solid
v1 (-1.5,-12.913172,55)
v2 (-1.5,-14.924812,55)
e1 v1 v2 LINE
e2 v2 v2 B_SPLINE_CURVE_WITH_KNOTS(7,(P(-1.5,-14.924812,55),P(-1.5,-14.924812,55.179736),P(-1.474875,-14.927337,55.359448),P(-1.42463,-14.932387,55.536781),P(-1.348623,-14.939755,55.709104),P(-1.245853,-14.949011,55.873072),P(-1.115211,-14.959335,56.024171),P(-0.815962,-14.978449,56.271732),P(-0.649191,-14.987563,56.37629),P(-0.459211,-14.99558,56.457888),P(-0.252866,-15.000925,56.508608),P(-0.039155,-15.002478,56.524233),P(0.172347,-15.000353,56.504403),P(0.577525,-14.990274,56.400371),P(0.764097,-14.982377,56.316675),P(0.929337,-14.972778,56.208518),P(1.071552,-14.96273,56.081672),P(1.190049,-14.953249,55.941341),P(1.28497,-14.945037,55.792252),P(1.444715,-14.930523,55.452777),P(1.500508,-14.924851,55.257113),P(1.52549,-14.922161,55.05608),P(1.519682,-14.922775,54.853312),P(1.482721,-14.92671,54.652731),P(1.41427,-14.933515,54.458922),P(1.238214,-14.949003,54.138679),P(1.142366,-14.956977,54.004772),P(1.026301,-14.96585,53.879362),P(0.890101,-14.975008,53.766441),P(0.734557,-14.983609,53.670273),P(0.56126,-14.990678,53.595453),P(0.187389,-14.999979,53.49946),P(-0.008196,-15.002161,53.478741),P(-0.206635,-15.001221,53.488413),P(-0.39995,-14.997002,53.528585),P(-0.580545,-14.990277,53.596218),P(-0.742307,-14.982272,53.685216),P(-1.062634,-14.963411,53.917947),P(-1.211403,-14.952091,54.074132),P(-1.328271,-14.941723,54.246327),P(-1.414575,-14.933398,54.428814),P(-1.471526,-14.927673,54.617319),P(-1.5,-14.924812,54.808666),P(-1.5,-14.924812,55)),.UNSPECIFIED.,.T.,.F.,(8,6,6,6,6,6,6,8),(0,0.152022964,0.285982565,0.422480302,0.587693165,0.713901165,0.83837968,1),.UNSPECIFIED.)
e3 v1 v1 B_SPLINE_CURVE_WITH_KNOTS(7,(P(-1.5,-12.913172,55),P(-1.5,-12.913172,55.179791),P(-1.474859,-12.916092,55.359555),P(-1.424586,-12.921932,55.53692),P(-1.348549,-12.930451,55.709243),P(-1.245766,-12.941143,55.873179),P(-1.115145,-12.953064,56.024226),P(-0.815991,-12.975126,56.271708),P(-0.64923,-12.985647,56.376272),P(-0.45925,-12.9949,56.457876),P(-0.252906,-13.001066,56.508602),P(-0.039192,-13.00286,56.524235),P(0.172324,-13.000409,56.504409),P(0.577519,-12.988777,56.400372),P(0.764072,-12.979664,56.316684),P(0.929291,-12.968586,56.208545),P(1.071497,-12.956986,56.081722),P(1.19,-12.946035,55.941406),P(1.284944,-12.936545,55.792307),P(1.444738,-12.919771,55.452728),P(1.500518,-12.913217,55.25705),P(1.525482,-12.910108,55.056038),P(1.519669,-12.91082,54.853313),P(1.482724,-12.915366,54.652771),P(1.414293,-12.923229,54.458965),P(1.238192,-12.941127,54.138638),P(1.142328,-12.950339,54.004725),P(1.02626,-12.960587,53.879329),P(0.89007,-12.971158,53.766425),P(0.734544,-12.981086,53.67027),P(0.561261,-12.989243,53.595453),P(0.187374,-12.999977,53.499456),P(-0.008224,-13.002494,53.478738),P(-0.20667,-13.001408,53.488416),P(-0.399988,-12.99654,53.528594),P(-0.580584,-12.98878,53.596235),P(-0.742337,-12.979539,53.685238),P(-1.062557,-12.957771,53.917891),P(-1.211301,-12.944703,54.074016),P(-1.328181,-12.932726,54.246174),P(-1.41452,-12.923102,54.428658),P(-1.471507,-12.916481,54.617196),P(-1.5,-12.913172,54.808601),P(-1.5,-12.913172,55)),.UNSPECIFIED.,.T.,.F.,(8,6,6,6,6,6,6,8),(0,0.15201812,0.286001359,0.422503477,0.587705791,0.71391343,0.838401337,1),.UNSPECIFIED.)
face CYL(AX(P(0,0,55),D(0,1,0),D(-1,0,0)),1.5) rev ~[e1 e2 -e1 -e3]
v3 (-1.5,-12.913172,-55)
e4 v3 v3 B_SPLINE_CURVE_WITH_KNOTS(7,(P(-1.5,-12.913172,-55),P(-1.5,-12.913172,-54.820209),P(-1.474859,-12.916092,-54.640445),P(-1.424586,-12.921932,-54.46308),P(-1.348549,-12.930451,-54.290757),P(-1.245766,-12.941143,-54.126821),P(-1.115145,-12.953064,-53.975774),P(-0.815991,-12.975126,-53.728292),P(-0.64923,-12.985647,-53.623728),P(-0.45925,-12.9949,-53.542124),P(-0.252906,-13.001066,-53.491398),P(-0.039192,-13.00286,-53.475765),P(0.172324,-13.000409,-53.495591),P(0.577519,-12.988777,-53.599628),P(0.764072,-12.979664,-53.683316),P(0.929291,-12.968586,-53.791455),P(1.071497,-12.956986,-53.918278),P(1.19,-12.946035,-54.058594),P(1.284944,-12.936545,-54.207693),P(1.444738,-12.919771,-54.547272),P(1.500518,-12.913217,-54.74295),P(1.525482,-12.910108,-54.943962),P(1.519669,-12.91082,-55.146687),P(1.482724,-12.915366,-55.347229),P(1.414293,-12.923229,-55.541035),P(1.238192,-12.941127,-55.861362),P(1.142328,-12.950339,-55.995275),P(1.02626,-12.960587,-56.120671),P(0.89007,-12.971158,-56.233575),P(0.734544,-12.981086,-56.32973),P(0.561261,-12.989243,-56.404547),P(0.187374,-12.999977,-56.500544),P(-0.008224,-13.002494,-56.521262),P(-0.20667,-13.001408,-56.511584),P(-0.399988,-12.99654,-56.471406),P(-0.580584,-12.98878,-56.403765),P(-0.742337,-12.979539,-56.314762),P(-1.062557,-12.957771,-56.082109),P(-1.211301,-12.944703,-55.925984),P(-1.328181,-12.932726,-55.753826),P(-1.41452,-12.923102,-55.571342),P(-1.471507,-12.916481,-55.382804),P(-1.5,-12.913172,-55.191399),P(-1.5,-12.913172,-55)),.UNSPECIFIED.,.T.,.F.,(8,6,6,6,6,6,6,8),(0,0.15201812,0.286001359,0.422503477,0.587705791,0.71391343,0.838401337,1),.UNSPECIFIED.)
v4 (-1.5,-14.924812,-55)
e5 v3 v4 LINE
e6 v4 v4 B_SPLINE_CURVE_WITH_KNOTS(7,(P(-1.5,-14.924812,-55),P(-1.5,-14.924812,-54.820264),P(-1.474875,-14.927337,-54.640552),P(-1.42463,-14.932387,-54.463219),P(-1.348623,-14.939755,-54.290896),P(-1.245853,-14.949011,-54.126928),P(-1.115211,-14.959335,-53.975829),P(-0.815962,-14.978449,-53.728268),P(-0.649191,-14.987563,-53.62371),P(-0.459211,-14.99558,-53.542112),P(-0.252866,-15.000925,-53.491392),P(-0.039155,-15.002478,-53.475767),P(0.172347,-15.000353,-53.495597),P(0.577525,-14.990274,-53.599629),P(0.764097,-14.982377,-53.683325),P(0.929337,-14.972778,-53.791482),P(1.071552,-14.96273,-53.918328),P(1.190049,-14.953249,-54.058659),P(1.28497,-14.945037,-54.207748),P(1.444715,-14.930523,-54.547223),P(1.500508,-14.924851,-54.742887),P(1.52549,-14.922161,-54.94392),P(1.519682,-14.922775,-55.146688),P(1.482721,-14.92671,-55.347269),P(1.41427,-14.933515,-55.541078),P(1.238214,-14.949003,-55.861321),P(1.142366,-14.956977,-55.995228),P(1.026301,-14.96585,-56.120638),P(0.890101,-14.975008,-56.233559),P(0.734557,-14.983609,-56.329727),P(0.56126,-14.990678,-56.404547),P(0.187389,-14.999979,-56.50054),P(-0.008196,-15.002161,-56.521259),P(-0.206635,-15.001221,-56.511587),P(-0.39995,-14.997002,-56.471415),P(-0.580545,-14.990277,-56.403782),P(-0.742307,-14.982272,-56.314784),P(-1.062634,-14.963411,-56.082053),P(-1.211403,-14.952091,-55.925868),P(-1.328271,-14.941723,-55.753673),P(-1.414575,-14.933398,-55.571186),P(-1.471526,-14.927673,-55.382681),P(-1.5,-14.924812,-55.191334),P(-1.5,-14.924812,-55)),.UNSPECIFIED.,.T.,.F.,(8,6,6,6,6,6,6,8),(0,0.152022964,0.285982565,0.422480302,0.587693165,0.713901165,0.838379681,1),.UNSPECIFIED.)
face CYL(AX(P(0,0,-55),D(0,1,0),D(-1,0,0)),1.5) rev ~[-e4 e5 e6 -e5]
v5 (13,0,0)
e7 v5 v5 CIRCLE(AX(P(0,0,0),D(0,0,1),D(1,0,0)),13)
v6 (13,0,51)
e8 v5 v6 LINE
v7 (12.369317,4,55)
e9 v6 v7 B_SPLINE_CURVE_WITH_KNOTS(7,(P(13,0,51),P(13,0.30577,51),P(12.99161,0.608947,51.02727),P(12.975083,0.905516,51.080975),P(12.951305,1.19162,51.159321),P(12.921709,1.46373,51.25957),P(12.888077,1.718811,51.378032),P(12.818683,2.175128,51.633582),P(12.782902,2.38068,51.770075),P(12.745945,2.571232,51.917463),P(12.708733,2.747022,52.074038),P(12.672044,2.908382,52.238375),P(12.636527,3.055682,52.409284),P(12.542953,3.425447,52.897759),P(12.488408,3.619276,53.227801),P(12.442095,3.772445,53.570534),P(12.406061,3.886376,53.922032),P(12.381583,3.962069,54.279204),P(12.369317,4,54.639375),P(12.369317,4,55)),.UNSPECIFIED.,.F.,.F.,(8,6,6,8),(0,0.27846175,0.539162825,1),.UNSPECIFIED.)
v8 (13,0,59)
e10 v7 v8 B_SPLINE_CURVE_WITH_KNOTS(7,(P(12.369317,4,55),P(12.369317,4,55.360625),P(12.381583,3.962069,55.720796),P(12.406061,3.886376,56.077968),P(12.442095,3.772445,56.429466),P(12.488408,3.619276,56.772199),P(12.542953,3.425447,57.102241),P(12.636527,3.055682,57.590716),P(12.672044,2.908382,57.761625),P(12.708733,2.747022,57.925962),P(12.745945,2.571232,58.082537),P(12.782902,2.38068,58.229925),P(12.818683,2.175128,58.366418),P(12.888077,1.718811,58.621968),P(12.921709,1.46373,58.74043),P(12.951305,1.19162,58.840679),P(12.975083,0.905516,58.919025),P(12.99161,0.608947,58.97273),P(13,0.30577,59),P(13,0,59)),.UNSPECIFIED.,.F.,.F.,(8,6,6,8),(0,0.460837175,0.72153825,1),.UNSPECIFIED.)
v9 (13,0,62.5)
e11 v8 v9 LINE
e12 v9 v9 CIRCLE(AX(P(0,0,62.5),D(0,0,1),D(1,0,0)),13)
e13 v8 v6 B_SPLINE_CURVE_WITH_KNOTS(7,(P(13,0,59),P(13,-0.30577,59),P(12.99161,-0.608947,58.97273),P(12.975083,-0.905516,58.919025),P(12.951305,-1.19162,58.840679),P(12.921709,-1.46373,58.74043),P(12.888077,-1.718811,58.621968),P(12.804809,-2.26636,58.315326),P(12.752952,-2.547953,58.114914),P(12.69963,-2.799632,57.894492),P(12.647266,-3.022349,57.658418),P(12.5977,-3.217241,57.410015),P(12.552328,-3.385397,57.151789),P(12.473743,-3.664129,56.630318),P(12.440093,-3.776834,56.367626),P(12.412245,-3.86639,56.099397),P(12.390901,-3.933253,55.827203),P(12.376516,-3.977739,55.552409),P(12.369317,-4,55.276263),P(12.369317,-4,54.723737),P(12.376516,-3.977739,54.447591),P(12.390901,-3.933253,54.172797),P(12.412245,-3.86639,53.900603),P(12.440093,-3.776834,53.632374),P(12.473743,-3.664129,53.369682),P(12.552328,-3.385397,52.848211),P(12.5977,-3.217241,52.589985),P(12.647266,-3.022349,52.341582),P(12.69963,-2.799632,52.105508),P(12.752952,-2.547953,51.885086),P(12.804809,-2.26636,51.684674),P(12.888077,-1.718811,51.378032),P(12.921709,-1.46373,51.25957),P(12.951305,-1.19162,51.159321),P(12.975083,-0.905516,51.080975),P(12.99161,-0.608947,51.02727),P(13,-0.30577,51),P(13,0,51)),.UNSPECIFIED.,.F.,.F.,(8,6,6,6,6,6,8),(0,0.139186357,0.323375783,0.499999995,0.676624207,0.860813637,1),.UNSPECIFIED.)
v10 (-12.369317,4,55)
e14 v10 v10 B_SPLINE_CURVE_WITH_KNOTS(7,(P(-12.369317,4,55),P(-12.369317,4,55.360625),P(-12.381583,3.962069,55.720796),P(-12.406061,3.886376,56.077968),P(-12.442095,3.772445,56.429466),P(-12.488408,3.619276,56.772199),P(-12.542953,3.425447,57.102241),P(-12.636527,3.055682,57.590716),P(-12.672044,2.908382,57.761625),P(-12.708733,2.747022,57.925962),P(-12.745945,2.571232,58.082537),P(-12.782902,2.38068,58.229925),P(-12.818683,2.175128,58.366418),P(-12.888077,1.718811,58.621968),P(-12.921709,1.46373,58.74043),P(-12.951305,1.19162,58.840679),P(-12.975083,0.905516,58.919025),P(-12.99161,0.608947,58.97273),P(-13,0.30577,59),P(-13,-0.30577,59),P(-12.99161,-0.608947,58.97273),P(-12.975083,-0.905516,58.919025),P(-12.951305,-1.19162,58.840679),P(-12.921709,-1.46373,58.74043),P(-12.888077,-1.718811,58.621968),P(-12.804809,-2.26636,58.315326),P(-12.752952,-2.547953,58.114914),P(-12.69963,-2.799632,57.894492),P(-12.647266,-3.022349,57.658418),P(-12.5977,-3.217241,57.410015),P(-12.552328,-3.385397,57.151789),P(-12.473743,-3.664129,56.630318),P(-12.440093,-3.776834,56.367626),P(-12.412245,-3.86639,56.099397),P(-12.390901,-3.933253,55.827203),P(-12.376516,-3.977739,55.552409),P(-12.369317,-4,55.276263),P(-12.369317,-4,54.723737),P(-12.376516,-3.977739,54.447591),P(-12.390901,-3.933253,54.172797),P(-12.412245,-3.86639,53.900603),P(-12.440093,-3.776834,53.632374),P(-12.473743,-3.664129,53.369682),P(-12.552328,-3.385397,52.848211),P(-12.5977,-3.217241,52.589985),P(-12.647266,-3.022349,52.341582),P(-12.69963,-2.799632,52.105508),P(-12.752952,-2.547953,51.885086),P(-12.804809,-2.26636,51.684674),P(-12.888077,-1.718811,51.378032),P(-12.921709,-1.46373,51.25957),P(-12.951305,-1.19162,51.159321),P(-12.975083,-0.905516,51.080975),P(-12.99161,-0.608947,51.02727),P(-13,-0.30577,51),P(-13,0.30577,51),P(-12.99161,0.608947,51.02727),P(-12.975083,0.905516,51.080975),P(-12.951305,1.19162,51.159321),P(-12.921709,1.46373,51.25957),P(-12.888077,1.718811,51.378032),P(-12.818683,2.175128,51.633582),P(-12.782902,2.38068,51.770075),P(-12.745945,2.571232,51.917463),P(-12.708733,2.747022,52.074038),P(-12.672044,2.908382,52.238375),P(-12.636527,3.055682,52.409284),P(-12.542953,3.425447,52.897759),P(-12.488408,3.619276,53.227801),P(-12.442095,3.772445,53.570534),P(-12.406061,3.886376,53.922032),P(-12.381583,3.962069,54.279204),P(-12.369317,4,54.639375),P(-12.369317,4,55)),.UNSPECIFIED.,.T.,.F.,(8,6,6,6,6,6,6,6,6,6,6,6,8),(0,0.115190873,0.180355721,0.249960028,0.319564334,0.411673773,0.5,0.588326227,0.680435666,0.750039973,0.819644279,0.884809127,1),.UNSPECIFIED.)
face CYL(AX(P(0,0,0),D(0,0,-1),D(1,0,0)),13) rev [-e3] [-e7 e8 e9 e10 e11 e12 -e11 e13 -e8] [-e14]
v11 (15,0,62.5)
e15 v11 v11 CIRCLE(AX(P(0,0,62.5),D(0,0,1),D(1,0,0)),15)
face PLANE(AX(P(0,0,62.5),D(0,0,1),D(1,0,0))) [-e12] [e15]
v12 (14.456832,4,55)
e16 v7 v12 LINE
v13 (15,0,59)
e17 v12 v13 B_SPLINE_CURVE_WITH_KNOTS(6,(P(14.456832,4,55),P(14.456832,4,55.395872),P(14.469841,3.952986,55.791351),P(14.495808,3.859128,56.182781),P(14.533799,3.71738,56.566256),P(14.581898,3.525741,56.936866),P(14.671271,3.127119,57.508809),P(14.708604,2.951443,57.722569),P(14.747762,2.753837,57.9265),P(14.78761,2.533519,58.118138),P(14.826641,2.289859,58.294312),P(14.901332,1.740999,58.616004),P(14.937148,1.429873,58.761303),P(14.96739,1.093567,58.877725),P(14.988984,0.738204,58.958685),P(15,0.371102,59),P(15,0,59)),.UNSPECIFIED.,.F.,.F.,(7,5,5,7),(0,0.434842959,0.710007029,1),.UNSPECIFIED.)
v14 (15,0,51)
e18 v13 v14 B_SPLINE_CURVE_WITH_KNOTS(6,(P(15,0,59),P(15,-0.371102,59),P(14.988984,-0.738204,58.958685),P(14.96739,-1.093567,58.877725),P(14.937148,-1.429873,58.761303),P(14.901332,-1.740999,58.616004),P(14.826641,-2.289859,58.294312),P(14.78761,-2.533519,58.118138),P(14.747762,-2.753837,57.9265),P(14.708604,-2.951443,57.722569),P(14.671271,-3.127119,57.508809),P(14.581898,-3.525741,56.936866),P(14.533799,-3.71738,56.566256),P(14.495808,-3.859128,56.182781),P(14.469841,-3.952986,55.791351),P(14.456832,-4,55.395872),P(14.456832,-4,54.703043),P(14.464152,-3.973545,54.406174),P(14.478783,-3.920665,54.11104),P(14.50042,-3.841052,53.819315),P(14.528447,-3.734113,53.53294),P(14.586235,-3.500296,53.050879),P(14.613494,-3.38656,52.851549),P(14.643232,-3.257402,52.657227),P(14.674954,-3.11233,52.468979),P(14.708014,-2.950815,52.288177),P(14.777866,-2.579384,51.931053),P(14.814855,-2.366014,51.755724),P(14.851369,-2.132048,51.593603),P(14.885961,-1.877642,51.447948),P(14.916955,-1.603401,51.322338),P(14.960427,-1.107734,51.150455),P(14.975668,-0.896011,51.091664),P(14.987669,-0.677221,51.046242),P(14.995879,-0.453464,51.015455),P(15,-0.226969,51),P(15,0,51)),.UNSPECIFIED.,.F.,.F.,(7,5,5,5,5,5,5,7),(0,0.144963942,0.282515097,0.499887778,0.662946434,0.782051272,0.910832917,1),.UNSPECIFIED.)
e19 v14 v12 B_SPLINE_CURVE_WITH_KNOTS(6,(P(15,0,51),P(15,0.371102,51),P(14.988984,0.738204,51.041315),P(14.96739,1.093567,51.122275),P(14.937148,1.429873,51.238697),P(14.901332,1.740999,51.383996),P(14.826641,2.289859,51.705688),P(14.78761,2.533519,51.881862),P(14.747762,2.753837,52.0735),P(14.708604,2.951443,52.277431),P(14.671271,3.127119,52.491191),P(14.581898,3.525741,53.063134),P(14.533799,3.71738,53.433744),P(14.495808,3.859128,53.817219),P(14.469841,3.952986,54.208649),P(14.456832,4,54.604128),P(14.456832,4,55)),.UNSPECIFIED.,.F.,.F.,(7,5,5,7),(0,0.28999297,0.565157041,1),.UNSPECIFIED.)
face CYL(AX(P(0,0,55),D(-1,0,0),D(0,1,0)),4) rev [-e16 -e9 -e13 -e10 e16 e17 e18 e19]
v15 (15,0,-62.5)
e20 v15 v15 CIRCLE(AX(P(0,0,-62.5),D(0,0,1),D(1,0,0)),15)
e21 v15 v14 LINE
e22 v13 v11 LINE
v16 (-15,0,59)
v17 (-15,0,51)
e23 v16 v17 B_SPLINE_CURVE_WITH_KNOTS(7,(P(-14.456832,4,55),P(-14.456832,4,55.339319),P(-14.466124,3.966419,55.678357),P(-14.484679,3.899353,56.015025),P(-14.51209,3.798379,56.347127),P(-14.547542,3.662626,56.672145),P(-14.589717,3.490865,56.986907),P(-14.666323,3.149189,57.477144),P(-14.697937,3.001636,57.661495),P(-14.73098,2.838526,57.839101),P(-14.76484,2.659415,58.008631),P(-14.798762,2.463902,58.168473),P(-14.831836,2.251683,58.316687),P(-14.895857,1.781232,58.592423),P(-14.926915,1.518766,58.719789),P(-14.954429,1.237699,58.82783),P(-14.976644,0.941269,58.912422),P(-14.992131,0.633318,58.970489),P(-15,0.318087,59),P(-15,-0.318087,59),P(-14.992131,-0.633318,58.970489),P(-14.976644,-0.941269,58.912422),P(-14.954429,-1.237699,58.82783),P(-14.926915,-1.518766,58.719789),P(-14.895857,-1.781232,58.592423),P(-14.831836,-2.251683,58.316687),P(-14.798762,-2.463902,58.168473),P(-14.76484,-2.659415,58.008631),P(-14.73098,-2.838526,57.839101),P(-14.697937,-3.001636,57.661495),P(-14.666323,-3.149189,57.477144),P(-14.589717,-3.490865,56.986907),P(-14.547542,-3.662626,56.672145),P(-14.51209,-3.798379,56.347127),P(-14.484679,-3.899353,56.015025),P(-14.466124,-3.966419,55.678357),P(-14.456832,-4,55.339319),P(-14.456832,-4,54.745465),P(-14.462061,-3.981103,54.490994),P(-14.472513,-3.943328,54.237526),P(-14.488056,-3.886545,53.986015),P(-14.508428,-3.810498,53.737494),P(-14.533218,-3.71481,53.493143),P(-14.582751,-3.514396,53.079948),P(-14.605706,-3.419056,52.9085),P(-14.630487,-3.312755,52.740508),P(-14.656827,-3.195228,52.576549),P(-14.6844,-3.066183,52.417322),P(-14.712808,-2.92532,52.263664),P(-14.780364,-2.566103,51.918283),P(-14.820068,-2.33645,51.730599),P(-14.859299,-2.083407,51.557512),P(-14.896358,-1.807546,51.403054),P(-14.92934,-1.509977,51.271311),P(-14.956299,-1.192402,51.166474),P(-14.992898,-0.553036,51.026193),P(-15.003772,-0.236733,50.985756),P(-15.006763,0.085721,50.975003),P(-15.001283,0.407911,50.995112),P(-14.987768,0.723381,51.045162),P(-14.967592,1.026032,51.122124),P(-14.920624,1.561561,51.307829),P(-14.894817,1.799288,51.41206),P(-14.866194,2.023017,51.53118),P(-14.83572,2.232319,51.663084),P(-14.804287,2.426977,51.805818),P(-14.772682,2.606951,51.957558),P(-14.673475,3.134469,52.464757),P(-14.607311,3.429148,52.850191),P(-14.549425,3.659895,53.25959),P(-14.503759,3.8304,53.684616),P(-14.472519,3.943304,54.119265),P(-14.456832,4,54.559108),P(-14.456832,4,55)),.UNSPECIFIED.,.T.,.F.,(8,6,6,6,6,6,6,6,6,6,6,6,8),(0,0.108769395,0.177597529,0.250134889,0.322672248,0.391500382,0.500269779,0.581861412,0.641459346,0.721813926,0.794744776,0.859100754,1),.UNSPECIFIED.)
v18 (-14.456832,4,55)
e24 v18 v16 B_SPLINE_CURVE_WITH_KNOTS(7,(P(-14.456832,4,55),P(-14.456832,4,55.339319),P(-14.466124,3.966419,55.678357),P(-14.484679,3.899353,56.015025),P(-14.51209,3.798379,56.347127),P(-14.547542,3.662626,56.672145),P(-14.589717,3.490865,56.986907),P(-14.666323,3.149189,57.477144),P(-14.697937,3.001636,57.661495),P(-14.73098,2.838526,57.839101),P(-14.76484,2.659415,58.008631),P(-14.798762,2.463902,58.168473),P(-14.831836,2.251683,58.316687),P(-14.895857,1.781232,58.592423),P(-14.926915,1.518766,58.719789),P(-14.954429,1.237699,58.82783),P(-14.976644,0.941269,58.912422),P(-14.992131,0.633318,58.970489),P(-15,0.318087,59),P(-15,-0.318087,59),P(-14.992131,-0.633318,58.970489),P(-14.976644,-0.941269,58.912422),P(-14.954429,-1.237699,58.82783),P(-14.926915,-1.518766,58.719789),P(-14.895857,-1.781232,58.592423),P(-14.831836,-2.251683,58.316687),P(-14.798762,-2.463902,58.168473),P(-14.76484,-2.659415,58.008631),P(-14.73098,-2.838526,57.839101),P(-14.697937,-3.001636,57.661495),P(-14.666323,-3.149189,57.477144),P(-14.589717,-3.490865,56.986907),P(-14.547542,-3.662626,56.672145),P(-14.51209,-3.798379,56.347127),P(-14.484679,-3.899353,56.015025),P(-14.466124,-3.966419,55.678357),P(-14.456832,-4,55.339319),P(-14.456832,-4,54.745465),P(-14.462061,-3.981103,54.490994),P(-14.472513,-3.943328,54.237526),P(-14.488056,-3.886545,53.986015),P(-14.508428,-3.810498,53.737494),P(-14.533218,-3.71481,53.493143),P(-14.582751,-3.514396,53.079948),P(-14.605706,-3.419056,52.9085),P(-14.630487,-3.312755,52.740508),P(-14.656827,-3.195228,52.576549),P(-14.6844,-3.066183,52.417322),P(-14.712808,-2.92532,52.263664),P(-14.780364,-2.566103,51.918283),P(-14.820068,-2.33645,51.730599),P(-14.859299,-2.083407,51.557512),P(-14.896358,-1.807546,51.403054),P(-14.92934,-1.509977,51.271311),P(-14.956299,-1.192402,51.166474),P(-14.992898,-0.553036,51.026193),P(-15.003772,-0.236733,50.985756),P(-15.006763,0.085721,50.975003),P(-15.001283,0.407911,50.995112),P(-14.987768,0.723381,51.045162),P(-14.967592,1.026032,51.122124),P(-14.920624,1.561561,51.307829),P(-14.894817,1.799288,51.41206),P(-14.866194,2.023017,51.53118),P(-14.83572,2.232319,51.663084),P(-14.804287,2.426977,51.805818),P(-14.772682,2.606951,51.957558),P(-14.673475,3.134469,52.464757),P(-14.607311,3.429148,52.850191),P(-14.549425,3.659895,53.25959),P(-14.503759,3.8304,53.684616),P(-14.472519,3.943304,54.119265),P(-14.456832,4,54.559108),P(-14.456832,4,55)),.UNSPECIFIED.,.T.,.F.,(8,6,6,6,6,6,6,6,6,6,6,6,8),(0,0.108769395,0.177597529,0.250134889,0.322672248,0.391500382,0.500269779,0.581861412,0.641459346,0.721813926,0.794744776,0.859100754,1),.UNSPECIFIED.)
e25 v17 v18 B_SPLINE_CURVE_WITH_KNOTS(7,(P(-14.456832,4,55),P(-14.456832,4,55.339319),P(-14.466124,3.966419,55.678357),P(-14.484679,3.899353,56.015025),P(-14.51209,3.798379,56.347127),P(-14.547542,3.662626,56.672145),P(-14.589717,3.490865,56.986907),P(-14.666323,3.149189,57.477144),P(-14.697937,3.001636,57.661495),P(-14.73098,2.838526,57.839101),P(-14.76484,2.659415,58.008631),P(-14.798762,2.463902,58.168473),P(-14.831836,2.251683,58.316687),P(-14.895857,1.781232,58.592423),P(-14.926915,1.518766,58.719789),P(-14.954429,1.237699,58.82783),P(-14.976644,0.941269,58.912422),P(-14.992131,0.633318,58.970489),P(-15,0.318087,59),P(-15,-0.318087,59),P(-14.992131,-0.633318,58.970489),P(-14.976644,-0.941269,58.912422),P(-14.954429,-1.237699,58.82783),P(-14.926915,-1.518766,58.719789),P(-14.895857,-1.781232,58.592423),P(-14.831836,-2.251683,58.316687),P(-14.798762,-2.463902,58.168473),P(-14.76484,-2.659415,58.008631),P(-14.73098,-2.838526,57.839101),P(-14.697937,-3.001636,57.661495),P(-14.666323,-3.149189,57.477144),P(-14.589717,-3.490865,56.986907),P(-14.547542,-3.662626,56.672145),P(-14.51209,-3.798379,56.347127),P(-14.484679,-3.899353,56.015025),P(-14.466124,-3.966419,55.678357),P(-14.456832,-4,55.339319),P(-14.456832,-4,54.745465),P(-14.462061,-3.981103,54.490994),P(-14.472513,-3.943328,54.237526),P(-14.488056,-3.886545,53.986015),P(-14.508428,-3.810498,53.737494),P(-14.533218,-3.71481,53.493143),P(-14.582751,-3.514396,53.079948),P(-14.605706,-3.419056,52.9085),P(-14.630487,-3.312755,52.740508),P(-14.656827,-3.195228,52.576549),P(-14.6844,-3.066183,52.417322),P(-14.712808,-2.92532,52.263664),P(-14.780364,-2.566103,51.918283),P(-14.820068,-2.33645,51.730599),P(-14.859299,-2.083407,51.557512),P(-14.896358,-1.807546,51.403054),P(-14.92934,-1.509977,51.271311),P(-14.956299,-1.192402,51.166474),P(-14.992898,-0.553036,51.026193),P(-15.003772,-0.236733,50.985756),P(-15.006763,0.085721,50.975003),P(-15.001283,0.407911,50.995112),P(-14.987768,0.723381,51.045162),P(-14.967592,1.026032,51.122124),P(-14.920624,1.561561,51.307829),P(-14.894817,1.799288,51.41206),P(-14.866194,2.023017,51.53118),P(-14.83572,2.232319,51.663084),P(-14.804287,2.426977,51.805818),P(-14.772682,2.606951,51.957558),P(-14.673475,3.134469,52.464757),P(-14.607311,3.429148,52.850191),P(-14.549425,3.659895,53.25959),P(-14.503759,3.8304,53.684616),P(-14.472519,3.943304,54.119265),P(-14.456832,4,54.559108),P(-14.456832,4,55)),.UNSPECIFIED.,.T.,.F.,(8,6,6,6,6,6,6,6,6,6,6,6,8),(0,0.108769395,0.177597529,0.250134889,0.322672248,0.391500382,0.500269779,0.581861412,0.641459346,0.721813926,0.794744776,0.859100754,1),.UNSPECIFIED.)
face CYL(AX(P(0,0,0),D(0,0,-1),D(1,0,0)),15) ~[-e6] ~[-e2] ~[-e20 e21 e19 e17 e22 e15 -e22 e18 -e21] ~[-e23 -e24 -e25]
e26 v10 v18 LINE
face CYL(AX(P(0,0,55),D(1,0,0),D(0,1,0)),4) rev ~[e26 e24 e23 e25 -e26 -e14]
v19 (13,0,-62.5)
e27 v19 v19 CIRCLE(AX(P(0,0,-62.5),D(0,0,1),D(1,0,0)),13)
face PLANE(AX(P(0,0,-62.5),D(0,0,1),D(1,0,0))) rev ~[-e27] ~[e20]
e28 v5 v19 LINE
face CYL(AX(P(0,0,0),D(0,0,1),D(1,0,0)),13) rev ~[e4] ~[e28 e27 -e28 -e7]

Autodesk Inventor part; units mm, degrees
ref_plane "YZ Plane" through (0, 0, 0) normal (1, 0, 0) x (0, 1, 0)
ref_plane "XZ Plane" through (0, 0, 0) normal (0, 1, 0) x (-1, 0, 0)
ref_plane "XY Plane" through (0, 0, 0) normal (0, 0, 1) x (1, 0, 0)
sketch "Szkic1" plane through (0, 0, 0) normal (0, 0, 1) x (1, 0, 0)
  circle A0 centre (0, 0) radius 15
  circle A1 centre (0, 0) radius 13
  dimension "d0" = 30
  dimension "d2" = 2
extrude "Wyciągnięcie proste1" add sketch "Szkic1" along normal mid plane 125
sketch "Szkic5" plane through (0, 0, 0) normal (0, 1, 0) x (-1, 0, 0)
  circle A0 centre (0, 55) radius 1.5
  circle A1 centre (0, -55) radius 1.5
  point P0 (0, 0)
  dimension "d40" = 3
  dimension "d41" = 3
extrude "Wyciągnięcie proste6" cut sketch "Szkic5" against normal blind 20
sketch "Szkic6" plane through (0, 0, 0) normal (1, 0, 0) x (0, 1, 0)
  circle A0 centre (0, 55) radius 4
  point P0 (0, 0)
  dimension "d44" = 8
extrude "Wyciągnięcie proste7" cut sketch "Szkic6" along normal mid plane 30
properties part number "rura_30_2_250" material "Aluminium 6061"
